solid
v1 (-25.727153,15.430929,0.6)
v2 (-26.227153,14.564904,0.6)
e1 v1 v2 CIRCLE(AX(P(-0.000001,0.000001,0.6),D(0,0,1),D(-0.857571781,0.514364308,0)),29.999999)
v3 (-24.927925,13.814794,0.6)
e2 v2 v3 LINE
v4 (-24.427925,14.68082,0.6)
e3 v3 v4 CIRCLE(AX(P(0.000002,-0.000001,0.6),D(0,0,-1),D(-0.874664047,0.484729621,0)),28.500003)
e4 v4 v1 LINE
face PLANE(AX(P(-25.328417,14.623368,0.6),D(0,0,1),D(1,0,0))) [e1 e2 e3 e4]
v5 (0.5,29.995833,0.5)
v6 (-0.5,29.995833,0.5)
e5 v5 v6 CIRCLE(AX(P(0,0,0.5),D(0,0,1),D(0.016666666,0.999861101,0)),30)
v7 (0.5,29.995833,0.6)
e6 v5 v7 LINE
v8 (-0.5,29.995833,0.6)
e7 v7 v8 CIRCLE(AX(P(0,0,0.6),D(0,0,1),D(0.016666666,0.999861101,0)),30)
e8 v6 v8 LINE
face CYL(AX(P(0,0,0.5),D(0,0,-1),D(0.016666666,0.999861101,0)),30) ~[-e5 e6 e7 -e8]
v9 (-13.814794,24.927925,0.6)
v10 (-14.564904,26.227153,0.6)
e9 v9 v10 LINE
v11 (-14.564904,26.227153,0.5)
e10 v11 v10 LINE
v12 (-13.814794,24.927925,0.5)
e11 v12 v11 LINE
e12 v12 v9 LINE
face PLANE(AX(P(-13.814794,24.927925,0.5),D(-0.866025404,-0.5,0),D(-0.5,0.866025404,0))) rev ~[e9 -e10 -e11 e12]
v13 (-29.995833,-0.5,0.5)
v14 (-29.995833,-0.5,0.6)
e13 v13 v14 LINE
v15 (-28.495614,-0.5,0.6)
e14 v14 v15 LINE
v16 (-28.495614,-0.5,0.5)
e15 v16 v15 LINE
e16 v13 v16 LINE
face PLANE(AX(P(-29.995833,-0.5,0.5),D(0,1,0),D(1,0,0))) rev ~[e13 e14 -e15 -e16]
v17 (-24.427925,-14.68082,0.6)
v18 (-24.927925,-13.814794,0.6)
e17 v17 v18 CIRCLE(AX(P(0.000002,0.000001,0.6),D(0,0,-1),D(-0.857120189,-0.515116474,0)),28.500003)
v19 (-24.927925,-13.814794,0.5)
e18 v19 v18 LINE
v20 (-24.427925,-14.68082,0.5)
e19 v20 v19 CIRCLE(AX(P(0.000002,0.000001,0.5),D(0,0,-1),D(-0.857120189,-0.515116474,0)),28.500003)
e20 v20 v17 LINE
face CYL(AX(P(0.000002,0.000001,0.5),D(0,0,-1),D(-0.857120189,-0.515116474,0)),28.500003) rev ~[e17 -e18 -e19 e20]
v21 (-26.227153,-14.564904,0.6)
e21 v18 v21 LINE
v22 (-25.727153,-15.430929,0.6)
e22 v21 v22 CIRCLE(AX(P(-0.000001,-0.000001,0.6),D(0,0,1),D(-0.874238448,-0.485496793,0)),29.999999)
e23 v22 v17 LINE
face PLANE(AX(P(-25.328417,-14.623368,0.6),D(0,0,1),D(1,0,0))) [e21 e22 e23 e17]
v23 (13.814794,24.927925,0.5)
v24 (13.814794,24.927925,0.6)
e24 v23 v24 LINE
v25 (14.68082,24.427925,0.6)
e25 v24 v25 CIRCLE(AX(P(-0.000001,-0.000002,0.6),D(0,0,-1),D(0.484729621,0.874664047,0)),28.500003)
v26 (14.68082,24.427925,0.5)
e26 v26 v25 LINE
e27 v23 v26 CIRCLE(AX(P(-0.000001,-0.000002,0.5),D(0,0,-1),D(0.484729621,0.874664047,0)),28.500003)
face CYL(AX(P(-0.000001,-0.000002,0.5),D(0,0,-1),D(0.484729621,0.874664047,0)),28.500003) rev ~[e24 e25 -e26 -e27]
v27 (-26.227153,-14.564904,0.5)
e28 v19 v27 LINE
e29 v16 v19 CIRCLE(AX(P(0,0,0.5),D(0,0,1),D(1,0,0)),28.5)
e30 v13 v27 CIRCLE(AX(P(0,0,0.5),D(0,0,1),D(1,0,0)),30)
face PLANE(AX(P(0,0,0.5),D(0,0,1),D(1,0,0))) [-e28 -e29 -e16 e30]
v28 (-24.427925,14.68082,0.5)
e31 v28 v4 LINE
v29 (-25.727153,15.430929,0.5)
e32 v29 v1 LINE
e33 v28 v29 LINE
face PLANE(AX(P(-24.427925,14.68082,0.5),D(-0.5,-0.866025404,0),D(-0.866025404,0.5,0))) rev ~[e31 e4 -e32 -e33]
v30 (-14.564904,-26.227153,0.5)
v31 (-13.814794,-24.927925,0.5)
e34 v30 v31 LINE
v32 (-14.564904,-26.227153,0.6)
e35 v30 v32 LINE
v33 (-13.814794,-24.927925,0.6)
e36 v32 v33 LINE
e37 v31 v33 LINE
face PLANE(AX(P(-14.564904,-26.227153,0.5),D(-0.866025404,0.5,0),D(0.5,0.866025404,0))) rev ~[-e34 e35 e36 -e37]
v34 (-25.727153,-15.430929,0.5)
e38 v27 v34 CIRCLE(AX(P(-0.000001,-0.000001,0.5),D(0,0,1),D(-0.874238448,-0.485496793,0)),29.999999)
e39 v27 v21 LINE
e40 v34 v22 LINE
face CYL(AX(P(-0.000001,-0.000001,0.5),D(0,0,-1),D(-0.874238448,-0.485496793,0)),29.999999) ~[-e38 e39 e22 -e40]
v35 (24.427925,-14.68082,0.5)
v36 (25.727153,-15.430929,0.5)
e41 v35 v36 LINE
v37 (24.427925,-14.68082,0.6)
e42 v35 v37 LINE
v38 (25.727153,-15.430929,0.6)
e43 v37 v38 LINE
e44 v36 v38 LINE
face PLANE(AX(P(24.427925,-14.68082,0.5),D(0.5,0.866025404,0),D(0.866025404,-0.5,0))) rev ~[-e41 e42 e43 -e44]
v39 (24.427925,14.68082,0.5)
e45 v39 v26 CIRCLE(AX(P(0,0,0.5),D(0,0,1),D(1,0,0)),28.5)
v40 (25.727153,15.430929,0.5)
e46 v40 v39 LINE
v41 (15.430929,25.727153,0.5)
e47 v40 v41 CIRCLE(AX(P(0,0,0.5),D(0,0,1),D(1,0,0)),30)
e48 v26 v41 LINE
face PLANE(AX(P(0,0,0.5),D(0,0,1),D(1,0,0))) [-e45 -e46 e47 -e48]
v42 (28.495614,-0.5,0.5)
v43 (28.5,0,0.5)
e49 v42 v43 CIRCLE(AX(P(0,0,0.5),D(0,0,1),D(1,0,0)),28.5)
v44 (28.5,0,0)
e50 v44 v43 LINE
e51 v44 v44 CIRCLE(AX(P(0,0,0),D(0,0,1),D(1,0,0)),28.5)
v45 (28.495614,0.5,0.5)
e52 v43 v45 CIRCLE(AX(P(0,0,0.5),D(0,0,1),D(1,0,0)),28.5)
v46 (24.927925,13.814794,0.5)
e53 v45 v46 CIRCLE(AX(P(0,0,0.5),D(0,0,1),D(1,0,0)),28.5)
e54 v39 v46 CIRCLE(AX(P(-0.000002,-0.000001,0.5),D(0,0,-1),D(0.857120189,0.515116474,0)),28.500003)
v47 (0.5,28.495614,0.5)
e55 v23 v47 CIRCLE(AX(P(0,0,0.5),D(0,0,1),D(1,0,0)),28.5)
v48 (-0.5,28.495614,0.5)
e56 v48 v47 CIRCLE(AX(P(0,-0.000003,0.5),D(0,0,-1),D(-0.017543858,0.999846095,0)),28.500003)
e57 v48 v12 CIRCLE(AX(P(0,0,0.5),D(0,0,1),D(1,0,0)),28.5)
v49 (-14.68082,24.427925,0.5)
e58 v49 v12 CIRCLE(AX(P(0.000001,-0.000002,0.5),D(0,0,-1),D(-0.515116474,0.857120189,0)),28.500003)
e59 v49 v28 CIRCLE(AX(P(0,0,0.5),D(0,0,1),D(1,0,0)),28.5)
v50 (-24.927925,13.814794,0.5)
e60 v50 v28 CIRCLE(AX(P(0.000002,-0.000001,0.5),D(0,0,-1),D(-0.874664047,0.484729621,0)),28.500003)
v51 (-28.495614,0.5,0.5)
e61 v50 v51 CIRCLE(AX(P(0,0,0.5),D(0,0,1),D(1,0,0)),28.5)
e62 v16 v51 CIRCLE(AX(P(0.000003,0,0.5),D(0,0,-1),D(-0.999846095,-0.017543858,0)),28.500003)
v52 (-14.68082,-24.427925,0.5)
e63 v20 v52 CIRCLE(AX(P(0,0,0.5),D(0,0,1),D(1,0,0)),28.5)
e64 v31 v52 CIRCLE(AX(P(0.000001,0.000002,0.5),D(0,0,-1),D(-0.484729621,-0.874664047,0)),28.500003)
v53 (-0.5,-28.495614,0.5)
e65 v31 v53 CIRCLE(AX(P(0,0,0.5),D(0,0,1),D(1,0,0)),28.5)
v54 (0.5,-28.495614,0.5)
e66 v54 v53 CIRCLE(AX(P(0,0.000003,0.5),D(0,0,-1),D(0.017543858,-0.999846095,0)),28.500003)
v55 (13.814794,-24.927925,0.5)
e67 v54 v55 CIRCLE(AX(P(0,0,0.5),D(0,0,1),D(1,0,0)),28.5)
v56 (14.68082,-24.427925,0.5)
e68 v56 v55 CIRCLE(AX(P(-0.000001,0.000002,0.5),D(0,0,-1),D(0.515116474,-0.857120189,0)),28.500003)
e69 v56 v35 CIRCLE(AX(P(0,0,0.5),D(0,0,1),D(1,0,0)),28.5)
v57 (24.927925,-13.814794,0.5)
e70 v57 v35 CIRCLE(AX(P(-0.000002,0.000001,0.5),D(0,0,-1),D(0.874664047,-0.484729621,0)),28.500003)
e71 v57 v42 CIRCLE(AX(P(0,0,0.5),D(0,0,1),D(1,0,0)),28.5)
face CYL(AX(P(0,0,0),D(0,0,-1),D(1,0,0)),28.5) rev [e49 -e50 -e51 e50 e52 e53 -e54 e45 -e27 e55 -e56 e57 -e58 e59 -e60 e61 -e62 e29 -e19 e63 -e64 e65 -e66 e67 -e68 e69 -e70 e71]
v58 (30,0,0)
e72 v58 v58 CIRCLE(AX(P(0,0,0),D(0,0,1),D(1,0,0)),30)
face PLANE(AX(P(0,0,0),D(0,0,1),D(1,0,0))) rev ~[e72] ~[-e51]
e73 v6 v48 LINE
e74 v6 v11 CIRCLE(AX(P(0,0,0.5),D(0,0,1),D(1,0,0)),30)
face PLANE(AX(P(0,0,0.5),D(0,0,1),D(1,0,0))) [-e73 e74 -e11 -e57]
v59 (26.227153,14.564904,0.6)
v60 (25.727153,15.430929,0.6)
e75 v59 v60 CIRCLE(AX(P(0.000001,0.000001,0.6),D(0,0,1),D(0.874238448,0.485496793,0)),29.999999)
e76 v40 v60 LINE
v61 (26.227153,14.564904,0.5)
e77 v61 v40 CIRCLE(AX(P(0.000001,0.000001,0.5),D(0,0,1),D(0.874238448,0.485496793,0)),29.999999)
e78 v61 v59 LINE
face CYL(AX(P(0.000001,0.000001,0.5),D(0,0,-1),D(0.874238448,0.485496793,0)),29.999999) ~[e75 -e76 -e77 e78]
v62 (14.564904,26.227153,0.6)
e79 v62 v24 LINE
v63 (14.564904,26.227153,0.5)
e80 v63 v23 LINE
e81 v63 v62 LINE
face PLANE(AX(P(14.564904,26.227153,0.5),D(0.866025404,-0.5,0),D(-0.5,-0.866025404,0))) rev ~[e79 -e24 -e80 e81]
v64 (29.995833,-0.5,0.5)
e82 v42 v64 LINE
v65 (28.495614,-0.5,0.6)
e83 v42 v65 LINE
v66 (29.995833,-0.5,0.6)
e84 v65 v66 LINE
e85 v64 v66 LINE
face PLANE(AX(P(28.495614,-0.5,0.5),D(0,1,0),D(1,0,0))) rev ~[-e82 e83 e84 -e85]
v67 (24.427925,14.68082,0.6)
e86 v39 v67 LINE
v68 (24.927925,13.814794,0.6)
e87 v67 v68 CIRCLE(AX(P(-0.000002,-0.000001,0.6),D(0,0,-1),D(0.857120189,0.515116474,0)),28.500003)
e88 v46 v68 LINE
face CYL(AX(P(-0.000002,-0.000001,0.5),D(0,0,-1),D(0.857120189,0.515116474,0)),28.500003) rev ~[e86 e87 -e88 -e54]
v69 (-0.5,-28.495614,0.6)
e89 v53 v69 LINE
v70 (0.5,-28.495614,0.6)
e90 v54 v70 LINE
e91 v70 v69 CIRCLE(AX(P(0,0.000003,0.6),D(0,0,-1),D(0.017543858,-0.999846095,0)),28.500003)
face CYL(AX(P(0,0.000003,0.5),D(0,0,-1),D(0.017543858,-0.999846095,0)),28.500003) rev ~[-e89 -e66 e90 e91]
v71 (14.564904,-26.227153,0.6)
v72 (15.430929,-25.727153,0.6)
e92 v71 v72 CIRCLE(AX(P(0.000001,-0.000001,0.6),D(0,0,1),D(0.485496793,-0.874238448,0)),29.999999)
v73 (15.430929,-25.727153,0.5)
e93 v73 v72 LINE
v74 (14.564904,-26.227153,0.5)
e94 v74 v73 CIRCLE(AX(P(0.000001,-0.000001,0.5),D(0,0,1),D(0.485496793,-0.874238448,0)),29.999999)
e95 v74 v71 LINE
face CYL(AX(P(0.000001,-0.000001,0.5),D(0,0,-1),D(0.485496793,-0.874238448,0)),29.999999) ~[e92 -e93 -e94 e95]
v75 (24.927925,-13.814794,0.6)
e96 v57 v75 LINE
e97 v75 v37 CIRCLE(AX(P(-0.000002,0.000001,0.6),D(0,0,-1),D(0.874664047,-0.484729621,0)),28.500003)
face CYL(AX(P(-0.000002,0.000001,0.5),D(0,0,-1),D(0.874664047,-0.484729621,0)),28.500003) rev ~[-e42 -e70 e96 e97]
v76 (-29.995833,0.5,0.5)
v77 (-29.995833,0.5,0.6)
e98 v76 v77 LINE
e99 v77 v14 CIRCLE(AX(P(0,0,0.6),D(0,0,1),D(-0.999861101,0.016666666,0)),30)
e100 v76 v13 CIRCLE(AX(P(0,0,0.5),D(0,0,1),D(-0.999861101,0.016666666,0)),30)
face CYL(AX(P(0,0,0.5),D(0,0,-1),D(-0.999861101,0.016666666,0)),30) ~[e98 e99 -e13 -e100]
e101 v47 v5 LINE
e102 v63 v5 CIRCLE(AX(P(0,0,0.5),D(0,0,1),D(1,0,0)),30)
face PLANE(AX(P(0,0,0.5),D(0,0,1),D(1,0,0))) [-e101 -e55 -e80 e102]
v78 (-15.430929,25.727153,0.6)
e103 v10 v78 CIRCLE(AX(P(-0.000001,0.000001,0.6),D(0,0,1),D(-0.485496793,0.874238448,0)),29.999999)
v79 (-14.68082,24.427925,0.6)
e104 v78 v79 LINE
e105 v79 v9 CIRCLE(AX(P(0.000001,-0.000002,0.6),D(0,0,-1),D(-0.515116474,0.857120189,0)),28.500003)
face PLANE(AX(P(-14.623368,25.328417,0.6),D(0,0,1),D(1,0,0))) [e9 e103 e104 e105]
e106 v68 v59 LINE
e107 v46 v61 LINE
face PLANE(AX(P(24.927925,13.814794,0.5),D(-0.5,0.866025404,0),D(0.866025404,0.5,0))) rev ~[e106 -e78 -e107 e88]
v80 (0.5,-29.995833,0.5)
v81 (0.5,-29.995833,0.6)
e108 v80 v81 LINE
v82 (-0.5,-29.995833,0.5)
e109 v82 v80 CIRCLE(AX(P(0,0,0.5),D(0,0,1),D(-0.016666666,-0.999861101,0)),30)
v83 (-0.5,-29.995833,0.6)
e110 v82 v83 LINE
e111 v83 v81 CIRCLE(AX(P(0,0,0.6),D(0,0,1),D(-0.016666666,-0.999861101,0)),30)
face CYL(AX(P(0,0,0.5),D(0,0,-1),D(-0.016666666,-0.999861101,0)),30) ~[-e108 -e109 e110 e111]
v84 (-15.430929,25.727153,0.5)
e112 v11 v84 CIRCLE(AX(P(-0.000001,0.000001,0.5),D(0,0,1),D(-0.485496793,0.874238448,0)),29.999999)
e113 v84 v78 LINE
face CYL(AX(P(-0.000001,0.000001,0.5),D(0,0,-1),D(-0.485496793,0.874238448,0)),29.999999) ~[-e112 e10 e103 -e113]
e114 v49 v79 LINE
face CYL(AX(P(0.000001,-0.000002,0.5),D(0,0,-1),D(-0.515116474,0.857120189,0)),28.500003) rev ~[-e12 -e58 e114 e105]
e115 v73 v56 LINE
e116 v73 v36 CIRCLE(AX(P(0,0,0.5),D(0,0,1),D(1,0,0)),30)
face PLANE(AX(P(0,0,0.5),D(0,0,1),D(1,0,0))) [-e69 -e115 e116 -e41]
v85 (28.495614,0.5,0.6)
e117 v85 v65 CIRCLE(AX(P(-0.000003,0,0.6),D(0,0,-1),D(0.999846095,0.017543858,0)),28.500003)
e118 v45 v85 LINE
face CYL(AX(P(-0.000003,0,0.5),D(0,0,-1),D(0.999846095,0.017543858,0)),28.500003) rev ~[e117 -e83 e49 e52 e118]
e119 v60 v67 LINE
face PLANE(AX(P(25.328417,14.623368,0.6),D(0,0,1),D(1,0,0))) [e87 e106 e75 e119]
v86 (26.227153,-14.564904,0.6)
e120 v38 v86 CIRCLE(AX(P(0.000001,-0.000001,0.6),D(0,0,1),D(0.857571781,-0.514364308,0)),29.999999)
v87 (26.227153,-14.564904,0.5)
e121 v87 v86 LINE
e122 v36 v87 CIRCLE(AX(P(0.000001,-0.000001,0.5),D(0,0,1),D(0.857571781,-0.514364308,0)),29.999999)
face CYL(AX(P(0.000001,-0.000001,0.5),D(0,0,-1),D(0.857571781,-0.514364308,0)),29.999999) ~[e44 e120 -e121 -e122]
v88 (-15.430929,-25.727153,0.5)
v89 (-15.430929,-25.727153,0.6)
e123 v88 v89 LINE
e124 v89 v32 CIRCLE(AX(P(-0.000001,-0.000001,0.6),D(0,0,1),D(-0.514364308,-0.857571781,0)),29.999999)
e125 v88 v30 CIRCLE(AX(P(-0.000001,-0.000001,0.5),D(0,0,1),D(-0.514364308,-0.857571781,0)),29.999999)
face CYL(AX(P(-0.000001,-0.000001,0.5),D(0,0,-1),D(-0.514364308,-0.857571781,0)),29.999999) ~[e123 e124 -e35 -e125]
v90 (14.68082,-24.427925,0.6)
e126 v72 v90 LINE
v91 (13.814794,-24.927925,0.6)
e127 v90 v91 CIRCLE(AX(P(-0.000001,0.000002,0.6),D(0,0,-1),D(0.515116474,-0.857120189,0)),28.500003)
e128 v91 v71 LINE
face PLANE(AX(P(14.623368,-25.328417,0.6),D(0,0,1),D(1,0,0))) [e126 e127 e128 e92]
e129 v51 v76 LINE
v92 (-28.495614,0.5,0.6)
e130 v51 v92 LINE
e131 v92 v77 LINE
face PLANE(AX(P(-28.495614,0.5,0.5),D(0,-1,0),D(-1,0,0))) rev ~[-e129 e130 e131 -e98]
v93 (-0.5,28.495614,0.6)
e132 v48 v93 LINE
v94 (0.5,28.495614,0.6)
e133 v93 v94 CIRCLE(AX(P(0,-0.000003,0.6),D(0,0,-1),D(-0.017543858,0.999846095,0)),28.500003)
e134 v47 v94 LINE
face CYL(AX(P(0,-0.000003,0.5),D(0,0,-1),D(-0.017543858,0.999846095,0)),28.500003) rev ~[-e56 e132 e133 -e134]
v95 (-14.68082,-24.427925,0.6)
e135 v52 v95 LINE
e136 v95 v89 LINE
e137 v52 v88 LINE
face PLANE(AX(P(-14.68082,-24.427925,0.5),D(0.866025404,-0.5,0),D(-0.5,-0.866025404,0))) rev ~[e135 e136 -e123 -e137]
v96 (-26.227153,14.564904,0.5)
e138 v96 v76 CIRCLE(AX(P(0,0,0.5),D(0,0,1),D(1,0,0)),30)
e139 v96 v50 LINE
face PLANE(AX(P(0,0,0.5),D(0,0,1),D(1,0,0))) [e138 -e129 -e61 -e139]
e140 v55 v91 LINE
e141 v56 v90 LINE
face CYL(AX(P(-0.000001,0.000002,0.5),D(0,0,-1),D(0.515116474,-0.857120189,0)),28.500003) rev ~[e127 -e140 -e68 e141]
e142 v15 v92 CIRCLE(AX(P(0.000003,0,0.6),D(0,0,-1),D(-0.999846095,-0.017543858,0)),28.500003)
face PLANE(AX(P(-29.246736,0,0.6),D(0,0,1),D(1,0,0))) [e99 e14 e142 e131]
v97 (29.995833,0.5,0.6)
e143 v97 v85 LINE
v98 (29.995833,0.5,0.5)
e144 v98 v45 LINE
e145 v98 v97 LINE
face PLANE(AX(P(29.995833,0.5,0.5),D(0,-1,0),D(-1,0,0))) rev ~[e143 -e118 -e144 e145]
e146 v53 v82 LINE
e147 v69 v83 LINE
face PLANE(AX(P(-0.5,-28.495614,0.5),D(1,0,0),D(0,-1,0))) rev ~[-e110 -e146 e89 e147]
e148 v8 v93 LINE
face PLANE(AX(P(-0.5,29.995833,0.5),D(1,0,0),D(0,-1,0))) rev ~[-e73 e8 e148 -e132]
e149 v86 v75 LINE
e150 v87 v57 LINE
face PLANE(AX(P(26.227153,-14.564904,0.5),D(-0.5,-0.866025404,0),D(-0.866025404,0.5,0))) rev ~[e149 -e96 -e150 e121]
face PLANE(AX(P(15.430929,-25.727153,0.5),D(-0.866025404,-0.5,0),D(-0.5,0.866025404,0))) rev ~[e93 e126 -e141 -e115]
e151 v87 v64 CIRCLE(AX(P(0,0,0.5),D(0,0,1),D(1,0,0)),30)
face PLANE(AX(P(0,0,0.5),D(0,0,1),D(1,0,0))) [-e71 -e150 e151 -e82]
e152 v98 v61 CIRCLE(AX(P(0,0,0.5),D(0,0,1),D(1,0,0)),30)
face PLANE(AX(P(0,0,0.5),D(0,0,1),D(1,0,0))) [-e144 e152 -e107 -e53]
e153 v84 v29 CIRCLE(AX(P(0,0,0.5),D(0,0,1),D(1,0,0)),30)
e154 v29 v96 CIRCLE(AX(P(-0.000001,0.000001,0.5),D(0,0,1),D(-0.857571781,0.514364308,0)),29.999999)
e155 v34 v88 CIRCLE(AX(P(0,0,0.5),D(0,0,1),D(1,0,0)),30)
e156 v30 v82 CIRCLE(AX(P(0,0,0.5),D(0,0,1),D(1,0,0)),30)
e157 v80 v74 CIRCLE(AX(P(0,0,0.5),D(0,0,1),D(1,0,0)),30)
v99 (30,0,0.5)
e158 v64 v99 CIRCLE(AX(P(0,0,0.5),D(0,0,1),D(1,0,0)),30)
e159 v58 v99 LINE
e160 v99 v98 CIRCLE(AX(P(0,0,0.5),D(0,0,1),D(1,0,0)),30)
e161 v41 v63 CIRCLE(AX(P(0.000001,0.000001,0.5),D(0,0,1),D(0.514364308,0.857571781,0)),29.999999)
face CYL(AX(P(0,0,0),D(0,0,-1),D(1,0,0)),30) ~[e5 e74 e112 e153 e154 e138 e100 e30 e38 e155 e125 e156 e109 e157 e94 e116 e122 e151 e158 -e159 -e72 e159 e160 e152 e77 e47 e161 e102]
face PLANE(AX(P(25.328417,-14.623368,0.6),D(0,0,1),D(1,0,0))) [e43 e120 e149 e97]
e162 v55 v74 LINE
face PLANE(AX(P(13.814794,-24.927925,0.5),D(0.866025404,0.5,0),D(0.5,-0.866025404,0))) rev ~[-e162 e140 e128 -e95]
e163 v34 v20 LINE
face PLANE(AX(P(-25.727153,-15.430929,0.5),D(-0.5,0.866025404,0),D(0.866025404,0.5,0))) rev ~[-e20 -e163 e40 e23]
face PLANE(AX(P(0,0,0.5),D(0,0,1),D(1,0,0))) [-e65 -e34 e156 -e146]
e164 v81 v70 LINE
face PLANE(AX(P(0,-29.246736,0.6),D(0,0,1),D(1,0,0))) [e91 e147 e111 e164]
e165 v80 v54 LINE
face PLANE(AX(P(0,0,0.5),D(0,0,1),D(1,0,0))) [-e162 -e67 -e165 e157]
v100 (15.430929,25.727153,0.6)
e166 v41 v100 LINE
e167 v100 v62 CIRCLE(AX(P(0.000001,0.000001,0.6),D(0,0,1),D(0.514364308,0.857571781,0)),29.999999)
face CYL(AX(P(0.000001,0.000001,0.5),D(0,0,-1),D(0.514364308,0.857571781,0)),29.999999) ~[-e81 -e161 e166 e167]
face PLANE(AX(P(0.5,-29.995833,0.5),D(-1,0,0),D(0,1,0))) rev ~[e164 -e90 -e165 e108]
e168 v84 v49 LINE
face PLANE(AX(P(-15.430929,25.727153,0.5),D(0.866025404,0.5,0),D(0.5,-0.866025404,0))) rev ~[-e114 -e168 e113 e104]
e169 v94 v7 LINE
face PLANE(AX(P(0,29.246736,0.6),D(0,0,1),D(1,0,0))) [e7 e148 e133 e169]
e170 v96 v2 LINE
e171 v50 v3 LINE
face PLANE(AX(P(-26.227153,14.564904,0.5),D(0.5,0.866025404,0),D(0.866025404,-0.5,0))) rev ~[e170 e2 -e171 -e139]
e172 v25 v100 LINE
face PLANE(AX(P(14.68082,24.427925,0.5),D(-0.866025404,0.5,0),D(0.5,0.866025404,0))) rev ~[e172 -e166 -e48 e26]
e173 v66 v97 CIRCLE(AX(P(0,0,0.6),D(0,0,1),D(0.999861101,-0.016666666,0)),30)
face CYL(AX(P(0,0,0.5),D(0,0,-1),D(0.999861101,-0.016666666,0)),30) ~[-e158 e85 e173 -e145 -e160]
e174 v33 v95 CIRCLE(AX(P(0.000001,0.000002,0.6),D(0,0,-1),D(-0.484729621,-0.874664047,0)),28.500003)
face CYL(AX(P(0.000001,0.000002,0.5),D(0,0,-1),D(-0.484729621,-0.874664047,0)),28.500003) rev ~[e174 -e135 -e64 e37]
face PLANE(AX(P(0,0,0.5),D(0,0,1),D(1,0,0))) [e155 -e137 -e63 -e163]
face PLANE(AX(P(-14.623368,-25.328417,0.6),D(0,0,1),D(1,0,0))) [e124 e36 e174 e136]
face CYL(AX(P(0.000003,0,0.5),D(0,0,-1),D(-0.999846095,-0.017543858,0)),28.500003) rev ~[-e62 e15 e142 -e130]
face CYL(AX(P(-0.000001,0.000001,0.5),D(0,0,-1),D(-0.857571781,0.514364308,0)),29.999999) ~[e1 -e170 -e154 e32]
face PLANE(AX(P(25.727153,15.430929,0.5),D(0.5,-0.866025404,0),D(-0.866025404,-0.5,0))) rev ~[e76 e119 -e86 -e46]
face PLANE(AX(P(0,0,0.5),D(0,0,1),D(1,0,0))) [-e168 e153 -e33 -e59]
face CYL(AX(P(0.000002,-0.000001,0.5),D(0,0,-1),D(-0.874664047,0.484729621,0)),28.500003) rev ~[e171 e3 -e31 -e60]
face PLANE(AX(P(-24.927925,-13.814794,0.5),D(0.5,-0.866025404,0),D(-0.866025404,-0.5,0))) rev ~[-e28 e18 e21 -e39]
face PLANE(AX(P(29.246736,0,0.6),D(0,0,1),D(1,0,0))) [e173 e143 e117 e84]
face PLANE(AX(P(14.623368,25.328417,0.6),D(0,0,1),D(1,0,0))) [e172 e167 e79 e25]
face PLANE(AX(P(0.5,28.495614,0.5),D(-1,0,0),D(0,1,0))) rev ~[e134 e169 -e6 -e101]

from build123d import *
from build123d.topology import SkipClean

# Parameters (mm, degrees)
SKETCH1_R           = 30
SKETCH1_R_2         = 28.5
BOSS_EXTRUDE2_DEPTH = 0.5
BOSS_EXTRUDE4_DEPTH = 0.1


with BuildPart() as part:
    # Sketch1 → Boss-Extrude2 (new body)
    with BuildSketch(Plane.XY):
        Circle(SKETCH1_R)
        Circle(SKETCH1_R_2, mode=Mode.SUBTRACT)
    extrude(amount=BOSS_EXTRUDE2_DEPTH)

    # Sketch2 → Boss-Extrude4 (add)
    with SkipClean():  # the faces are left unmerged after this step: merging them gives an invalid solid
        with BuildSketch(Plane.XY.offset(0.5)):
            with BuildLine():
                Line((14.56490382, 26.227153424), (13.814794147, 24.927925359))
                ThreePointArc((13.814794147, 24.927925359), (14.25, 24.681724008), (14.680819551, 24.427925359))
                Line((14.680819551, 24.427925359), (15.430929224, 25.727153424))
                ThreePointArc((15.430929224, 25.727153424), (15, 25.980762114), (14.56490382, 26.227153424))
            make_face()
            with BuildLine():
                Line((-0.5, 29.995833044), (-0.5, 28.495613698))
                ThreePointArc((-0.5, 28.495613698), (0, 28.5), (0.5, 28.495613698))
                Line((0.5, 28.495613698), (0.5, 29.995833044))
                ThreePointArc((0.5, 29.995833044), (0, 30), (-0.5, 29.995833044))
            make_face()
            with BuildLine():
                Line((25.727153424, 15.430929224), (24.427925359, 14.680819551))
                ThreePointArc((24.427925359, 14.680819551), (24.681724008, 14.25), (24.927925359, 13.814794147))
                Line((24.927925359, 13.814794147), (26.227153424, 14.56490382))
                ThreePointArc((26.227153424, 14.56490382), (25.980762114, 15), (25.727153424, 15.430929224))
            make_face()
            with BuildLine():
                Line((29.995833044, 0.5), (28.495613698, 0.5))
                ThreePointArc((28.495613698, 0.5), (28.5, 0), (28.495613698, -0.5))
                Line((28.495613698, -0.5), (29.995833044, -0.5))
                ThreePointArc((29.995833044, -0.5), (30, 0), (29.995833044, 0.5))
            make_face()
            with BuildLine():
                Line((26.227153424, -14.56490382), (24.927925359, -13.814794147))
                ThreePointArc((24.927925359, -13.814794147), (24.681724008, -14.25), (24.427925359, -14.680819551))
                Line((24.427925359, -14.680819551), (25.727153424, -15.430929224))
                ThreePointArc((25.727153424, -15.430929224), (25.980762114, -15), (26.227153424, -14.56490382))
            make_face()
            with BuildLine():
                Line((15.430929224, -25.727153424), (14.680819551, -24.427925359))
                ThreePointArc((14.680819551, -24.427925359), (14.25, -24.681724008), (13.814794147, -24.927925359))
                Line((13.814794147, -24.927925359), (14.56490382, -26.227153424))
                ThreePointArc((14.56490382, -26.227153424), (15, -25.980762114), (15.430929224, -25.727153424))
            make_face()
            with BuildLine():
                Line((0.5, -29.995833044), (0.5, -28.495613698))
                ThreePointArc((0.5, -28.495613698), (0, -28.5), (-0.5, -28.495613698))
                Line((-0.5, -28.495613698), (-0.5, -29.995833044))
                ThreePointArc((-0.5, -29.995833044), (0, -30), (0.5, -29.995833044))
            make_face()
            with BuildLine():
                Line((-14.56490382, -26.227153424), (-13.814794147, -24.927925359))
                ThreePointArc((-13.814794147, -24.927925359), (-14.25, -24.681724008), (-14.680819551, -24.427925359))
                Line((-14.680819551, -24.427925359), (-15.430929224, -25.727153424))
                ThreePointArc((-15.430929224, -25.727153424), (-15, -25.980762114), (-14.56490382, -26.227153424))
            make_face()
            with BuildLine():
                Line((-25.727153424, -15.430929224), (-24.427925359, -14.680819551))
                ThreePointArc((-24.427925359, -14.680819551), (-24.681724008, -14.25), (-24.927925359, -13.814794147))
                Line((-24.927925359, -13.814794147), (-26.227153424, -14.56490382))
                ThreePointArc((-26.227153424, -14.56490382), (-25.980762114, -15), (-25.727153424, -15.430929224))
            make_face()
            with BuildLine():
                Line((-29.995833044, -0.5), (-28.495613698, -0.5))
                ThreePointArc((-28.495613698, -0.5), (-28.5, 0), (-28.495613698, 0.5))
                Line((-28.495613698, 0.5), (-29.995833044, 0.5))
                ThreePointArc((-29.995833044, 0.5), (-30, 0), (-29.995833044, -0.5))
            make_face()
            with BuildLine():
                Line((-26.227153424, 14.56490382), (-24.927925359, 13.814794147))
                ThreePointArc((-24.927925359, 13.814794147), (-24.681724008, 14.25), (-24.427925359, 14.680819551))
                Line((-24.427925359, 14.680819551), (-25.727153424, 15.430929224))
                ThreePointArc((-25.727153424, 15.430929224), (-25.980762114, 15), (-26.227153424, 14.56490382))
            make_face()
            with BuildLine():
                Line((-15.430929224, 25.727153424), (-14.680819551, 24.427925359))
                ThreePointArc((-14.680819551, 24.427925359), (-14.25, 24.681724008), (-13.814794147, 24.927925359))
                Line((-13.814794147, 24.927925359), (-14.56490382, 26.227153424))
                ThreePointArc((-14.56490382, 26.227153424), (-15, 25.980762114), (-15.430929224, 25.727153424))
            make_face()
        extrude(amount=BOSS_EXTRUDE4_DEPTH)


solid = part.part
